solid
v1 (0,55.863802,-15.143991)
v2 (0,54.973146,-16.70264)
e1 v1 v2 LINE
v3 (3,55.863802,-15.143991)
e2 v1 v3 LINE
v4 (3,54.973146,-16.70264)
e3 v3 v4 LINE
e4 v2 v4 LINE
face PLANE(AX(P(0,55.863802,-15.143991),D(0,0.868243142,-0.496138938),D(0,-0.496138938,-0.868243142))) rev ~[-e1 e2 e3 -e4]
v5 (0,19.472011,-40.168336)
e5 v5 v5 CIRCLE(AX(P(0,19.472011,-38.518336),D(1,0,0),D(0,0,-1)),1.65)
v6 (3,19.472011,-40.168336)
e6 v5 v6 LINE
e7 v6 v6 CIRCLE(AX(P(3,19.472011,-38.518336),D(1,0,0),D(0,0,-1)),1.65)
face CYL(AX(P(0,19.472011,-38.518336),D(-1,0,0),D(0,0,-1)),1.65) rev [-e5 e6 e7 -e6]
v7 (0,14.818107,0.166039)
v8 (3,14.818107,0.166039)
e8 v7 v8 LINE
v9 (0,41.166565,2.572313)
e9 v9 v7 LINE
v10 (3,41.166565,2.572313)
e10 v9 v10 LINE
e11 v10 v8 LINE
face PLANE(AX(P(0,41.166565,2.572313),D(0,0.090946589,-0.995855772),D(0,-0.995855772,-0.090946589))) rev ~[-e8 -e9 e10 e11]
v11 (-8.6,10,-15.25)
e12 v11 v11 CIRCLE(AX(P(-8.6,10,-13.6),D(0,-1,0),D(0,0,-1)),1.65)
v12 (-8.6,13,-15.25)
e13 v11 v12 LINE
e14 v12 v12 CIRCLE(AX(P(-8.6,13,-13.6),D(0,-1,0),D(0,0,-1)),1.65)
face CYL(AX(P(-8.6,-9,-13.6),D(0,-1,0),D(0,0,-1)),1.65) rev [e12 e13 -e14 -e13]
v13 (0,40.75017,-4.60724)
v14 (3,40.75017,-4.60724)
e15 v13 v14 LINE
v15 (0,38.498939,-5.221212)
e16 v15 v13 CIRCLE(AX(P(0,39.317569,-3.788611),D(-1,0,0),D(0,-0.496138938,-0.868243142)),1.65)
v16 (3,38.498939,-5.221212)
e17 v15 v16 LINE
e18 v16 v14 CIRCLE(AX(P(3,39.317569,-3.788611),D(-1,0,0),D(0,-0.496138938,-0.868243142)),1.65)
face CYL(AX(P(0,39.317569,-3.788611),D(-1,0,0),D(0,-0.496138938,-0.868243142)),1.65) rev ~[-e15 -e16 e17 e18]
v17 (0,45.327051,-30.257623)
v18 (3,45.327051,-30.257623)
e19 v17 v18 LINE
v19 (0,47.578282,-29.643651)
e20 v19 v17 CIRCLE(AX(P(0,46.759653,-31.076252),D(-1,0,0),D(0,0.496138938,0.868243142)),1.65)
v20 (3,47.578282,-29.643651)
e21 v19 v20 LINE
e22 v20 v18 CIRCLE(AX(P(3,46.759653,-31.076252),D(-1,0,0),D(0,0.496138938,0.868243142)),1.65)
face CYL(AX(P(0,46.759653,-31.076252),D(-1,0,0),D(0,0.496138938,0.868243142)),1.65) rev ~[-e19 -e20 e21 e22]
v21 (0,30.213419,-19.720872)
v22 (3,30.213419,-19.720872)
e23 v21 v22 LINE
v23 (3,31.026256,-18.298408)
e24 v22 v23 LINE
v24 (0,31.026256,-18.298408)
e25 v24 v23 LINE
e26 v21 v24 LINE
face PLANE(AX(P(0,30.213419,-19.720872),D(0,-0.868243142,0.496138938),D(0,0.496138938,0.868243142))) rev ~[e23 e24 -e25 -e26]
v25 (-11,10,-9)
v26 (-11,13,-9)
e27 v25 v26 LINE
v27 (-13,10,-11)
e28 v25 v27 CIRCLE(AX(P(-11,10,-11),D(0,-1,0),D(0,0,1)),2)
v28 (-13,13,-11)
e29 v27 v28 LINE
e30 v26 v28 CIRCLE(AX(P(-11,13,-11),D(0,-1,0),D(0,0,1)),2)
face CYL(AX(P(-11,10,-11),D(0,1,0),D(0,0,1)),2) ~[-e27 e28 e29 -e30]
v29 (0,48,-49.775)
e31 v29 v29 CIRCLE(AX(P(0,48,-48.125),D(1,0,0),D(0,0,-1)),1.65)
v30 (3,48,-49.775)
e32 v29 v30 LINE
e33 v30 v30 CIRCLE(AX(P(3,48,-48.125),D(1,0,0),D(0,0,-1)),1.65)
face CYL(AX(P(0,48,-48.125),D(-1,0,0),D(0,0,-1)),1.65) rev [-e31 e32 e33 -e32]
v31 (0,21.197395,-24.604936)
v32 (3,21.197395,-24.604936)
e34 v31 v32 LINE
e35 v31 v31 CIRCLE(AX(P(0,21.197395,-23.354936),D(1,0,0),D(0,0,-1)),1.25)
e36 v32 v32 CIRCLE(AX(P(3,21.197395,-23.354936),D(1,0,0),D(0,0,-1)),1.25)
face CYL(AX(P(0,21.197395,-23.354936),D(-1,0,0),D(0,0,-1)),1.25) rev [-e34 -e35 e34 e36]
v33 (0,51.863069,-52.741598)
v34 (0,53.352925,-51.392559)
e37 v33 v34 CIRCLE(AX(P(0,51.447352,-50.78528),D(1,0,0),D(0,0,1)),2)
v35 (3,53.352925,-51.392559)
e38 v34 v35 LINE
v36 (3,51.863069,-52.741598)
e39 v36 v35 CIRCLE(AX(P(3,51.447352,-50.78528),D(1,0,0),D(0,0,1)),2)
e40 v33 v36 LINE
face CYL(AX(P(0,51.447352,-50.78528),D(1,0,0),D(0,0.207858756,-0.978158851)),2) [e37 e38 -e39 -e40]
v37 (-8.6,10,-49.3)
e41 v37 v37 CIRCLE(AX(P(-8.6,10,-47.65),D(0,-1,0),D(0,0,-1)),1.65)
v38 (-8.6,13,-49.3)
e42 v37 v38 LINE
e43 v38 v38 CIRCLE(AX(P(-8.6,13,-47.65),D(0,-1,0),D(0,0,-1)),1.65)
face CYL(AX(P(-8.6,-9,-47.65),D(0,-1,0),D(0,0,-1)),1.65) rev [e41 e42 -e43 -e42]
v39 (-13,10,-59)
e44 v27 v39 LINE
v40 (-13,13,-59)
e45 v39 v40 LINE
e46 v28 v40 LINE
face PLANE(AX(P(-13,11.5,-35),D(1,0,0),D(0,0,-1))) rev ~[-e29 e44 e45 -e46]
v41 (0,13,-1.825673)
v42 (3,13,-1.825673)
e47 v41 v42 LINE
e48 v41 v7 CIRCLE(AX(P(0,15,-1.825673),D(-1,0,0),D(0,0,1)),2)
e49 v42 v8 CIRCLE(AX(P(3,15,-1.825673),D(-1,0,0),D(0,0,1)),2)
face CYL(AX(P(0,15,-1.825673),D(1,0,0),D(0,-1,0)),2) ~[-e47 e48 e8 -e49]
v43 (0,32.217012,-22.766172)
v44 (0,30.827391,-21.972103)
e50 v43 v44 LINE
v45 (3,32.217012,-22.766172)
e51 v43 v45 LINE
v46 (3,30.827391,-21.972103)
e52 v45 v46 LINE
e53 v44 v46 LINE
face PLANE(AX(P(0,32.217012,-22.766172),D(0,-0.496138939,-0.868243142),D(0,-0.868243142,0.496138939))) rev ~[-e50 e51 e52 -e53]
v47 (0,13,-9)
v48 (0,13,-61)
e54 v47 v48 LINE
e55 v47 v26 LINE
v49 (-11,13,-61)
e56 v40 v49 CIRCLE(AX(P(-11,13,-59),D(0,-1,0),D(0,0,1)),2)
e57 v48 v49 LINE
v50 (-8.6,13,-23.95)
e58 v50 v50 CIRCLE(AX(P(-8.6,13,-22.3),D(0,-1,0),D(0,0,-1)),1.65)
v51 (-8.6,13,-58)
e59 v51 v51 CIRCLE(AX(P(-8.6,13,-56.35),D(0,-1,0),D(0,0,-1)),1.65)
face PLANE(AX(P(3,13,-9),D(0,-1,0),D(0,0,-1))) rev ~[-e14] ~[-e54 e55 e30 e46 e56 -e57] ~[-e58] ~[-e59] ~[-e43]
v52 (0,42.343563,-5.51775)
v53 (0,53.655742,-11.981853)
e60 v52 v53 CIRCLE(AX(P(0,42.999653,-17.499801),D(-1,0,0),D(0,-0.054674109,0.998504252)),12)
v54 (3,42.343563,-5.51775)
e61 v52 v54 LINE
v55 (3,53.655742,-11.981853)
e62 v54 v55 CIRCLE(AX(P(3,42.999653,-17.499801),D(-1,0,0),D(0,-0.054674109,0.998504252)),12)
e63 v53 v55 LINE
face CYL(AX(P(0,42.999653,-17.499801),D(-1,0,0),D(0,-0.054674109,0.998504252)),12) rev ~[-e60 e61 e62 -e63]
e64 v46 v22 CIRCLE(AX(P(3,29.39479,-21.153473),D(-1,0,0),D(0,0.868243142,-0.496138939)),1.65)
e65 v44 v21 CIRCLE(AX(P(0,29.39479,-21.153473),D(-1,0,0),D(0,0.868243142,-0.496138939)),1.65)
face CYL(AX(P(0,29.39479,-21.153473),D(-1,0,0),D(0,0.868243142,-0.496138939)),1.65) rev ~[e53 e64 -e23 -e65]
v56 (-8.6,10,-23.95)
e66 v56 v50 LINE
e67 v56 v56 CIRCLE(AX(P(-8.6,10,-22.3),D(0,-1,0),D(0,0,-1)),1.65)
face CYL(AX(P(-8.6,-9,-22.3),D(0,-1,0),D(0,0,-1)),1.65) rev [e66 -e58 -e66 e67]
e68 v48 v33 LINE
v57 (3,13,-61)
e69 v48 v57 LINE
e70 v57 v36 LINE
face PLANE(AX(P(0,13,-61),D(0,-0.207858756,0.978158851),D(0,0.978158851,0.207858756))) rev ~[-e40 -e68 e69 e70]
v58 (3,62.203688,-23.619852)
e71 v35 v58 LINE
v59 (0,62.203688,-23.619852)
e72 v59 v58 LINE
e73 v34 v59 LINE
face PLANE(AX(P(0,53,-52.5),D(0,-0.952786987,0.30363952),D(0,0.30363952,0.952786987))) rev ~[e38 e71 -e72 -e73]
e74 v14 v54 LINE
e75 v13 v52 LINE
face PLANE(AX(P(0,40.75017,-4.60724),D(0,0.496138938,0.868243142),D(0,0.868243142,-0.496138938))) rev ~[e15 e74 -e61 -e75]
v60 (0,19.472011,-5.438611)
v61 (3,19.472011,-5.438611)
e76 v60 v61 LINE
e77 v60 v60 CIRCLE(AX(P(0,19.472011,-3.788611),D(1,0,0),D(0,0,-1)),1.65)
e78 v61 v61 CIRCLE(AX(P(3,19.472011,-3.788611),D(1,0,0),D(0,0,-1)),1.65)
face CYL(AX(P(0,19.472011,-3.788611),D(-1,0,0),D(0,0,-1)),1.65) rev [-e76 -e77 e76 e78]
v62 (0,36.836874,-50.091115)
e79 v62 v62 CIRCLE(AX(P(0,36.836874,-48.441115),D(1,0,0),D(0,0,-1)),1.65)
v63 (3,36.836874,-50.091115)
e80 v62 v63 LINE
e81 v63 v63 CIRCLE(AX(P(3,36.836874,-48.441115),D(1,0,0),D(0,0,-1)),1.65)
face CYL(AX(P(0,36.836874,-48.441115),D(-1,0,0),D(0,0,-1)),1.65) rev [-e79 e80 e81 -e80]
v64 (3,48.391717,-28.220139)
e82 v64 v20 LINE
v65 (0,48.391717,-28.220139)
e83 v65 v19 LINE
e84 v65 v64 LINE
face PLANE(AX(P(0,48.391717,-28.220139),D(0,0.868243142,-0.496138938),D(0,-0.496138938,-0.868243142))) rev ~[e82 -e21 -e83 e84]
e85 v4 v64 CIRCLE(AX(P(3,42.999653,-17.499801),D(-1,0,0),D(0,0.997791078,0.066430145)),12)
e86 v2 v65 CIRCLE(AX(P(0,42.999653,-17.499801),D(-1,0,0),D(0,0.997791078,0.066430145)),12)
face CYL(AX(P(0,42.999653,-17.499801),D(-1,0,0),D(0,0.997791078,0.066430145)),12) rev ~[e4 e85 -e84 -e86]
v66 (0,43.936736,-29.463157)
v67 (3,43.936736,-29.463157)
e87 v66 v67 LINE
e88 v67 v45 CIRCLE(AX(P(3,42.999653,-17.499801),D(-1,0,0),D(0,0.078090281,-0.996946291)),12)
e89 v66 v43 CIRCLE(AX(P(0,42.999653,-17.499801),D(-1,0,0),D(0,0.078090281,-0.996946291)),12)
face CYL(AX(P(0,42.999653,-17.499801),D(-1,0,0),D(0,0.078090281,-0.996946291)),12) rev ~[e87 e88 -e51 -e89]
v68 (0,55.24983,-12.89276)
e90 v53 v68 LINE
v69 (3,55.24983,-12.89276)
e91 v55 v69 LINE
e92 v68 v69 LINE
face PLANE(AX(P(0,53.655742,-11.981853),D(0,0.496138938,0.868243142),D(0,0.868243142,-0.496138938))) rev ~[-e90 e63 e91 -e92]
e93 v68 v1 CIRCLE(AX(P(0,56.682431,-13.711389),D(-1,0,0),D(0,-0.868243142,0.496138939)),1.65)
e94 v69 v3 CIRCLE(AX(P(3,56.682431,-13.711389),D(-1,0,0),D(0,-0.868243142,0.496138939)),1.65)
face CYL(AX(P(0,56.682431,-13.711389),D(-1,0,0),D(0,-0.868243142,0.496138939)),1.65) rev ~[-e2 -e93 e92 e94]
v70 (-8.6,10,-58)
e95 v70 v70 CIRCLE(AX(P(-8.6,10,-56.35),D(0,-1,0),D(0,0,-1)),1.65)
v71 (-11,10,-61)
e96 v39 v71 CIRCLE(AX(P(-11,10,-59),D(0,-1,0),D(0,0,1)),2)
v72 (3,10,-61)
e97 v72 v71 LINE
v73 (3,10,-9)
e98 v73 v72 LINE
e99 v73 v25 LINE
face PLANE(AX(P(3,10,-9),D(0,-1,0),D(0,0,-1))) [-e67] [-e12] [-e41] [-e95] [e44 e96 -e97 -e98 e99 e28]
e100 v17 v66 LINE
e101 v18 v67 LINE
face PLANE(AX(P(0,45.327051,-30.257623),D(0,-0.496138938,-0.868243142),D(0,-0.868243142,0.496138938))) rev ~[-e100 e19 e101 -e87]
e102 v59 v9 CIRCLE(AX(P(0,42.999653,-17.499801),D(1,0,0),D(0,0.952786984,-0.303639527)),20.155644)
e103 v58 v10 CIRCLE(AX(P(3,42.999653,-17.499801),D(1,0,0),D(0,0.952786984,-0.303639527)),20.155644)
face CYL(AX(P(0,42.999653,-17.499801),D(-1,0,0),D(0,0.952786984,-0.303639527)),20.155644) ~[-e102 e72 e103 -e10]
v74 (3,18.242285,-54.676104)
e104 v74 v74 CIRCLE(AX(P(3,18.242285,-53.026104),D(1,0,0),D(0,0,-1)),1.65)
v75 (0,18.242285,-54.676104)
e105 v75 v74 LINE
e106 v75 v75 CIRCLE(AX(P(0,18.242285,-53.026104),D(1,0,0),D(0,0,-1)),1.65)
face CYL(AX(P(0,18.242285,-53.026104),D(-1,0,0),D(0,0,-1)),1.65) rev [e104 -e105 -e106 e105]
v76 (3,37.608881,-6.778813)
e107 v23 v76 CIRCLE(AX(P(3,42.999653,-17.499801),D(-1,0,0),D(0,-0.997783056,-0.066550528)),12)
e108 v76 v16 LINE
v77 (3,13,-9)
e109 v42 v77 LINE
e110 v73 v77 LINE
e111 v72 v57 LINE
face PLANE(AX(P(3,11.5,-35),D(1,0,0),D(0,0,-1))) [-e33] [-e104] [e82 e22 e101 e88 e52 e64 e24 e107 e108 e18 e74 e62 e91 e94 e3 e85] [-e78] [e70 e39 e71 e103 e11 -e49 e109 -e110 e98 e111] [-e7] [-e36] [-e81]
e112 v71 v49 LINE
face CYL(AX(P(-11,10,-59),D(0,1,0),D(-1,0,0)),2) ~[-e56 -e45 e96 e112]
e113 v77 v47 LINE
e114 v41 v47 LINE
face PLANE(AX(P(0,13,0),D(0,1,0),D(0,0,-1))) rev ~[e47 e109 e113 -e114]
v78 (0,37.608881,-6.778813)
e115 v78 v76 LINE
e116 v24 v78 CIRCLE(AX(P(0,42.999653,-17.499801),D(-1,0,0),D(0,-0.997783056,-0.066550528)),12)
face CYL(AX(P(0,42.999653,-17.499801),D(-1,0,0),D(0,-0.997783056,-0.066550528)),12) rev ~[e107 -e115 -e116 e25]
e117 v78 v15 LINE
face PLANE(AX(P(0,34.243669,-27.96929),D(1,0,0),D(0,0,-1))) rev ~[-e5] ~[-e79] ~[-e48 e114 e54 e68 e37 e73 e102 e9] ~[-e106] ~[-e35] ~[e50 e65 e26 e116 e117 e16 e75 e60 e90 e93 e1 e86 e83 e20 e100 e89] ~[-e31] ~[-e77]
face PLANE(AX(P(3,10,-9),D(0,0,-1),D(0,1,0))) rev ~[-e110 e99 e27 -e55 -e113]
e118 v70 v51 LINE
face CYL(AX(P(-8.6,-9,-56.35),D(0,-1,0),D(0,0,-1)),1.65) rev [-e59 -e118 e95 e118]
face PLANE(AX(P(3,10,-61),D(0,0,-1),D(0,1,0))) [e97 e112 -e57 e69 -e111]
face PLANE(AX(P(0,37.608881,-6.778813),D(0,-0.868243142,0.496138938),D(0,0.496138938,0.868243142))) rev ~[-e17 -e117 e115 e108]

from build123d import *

# Parameters (mm, degrees)
SKETCH_1_R               = 1.65
SKETCH_1_R_2             = 1.25
EXTRUDE_4_DEPTH          = 3
SKETCH_4_W               = 52
SKETCH_4_H               = 3
EXTRUDE_6_DEPTH          = 16
CUT_EXTRUDE_1_DEPTH      = 81.034703796
CUT_EXTRUDE_1_DEPTH_BACK = 22
SKETCH_3_R               = 1.65
FILLET_1_R               = 2


with BuildPart() as part:
    # 草图1 → 凸台-拉伸4 (new body)
    with BuildSketch(Plane(origin=(0, 0, 0), x_dir=(0, 0, -1), z_dir=(1, 0, 0))):
        with BuildLine():
            Line((61, 13), (52.5, 53))
            Line((52.5, 53), (23.619851789, 62.203688194))
            ThreePointArc((23.619851789, 62.203688194), (4.878186687, 58.71413126), (-2.572313303, 41.16656538))
            Line((-2.572313303, 41.16656538), (0, 13))
            Line((0, 13), (61, 13))
        make_face()
        with BuildLine():
            Line((28.220139039, 48.391717332), (29.643651042, 47.578281902))
            ThreePointArc((29.643651042, 47.578281902), (32.668112531, 47.193796374), (30.257622978, 45.32705147))
            Line((30.257622978, 45.32705147), (29.463156964, 43.936735946))
            ThreePointArc((29.463156964, 43.936735946), (27.918719173, 37.045985315), (22.766171662, 32.217011666))
            Line((22.766171662, 32.217011666), (21.972102707, 30.827390996))
            ThreePointArc((21.972102707, 30.827390996), (21.587617178, 27.802929507), (19.720872274, 30.21341906))
            Line((19.720872274, 30.21341906), (18.298407802, 31.026255901))
            ThreePointArc((18.298407802, 31.026255901), (11.546134207, 32.58073487), (6.778813424, 37.60888126))
            Line((6.778813424, 37.60888126), (5.221211801, 38.49893933))
            ThreePointArc((5.221211801, 38.49893933), (2.196750311, 38.883424859), (4.607239865, 40.750169763))
            Line((4.607239865, 40.750169763), (5.51775044, 42.34356327))
            ThreePointArc((5.51775044, 42.34356327), (7.080883762, 48.953319836), (11.981852501, 53.655741877))
            Line((11.981852501, 53.655741877), (12.892760135, 55.249830237))
            ThreePointArc((12.892760135, 55.249830237), (13.277245664, 58.274291726), (15.143990568, 55.863802173))
            Line((15.143990568, 55.863802173), (16.702639721, 54.973145514))
            ThreePointArc((16.702639721, 54.973145514), (23.453468727, 53.418570281), (28.220139039, 48.391717332))
        make_face(mode=Mode.SUBTRACT)
        with Locations((48.441115069, 36.836873887)):
            Circle(SKETCH_1_R, mode=Mode.SUBTRACT)
        with Locations((38.518336301, 19.472011044)):
            Circle(SKETCH_1_R, mode=Mode.SUBTRACT)
        with Locations((53.026104064, 18.242284788)):
            Circle(SKETCH_1_R, mode=Mode.SUBTRACT)
        with Locations((48.125, 48)):
            Circle(SKETCH_1_R, mode=Mode.SUBTRACT)
        with Locations((3.788610616, 19.472011044)):
            Circle(SKETCH_1_R, mode=Mode.SUBTRACT)
        with Locations((23.354935737, 21.197394906)):
            Circle(SKETCH_1_R_2, mode=Mode.SUBTRACT)
    extrude(amount=EXTRUDE_4_DEPTH)

    # 草图4 → 凸台-拉伸6 (add)
    with BuildSketch(Plane(origin=(3, 0, 0), x_dir=(0, 0, -1), z_dir=(1, 0, 0))):
        with Locations((35, 11.5)):
            Rectangle(SKETCH_4_W, SKETCH_4_H)
    extrude(amount=-EXTRUDE_6_DEPTH)

    # 草图3 → 切除-拉伸1 (cut, two sides: drawn at the far end of the back side and taken through both)
    with BuildSketch(Plane(origin=(0, 13, 0), x_dir=(1, 0, 0), z_dir=(0, 1, 0)).offset(-CUT_EXTRUDE_1_DEPTH_BACK)):
        with Locations(Location((-8.6, 56.35, 0), (0, 0, 90))):
            Circle(SKETCH_3_R)
        with Locations(Location((-8.6, 47.65, 0), (0, 0, 90))):
            Circle(SKETCH_3_R)
        with Locations(Location((-8.6, 22.3, 0), (0, 0, 90))):
            Circle(SKETCH_3_R)
        with Locations(Location((-8.6, 13.6, 0), (0, 0, 90))):
            Circle(SKETCH_3_R)
    extrude(amount=CUT_EXTRUDE_1_DEPTH + CUT_EXTRUDE_1_DEPTH_BACK, mode=Mode.SUBTRACT)

    # 圆角1
    fillet_1_edges = [part.edges().sort_by_distance(p)[0] for p in [
        (1.5, 13, 0),
        (-13, 11.5, -9),
        (-13, 11.5, -61),
        (1.5, 53, -52.5),
    ]]
    fillet(fillet_1_edges, radius=FILLET_1_R)


solid = part.part
